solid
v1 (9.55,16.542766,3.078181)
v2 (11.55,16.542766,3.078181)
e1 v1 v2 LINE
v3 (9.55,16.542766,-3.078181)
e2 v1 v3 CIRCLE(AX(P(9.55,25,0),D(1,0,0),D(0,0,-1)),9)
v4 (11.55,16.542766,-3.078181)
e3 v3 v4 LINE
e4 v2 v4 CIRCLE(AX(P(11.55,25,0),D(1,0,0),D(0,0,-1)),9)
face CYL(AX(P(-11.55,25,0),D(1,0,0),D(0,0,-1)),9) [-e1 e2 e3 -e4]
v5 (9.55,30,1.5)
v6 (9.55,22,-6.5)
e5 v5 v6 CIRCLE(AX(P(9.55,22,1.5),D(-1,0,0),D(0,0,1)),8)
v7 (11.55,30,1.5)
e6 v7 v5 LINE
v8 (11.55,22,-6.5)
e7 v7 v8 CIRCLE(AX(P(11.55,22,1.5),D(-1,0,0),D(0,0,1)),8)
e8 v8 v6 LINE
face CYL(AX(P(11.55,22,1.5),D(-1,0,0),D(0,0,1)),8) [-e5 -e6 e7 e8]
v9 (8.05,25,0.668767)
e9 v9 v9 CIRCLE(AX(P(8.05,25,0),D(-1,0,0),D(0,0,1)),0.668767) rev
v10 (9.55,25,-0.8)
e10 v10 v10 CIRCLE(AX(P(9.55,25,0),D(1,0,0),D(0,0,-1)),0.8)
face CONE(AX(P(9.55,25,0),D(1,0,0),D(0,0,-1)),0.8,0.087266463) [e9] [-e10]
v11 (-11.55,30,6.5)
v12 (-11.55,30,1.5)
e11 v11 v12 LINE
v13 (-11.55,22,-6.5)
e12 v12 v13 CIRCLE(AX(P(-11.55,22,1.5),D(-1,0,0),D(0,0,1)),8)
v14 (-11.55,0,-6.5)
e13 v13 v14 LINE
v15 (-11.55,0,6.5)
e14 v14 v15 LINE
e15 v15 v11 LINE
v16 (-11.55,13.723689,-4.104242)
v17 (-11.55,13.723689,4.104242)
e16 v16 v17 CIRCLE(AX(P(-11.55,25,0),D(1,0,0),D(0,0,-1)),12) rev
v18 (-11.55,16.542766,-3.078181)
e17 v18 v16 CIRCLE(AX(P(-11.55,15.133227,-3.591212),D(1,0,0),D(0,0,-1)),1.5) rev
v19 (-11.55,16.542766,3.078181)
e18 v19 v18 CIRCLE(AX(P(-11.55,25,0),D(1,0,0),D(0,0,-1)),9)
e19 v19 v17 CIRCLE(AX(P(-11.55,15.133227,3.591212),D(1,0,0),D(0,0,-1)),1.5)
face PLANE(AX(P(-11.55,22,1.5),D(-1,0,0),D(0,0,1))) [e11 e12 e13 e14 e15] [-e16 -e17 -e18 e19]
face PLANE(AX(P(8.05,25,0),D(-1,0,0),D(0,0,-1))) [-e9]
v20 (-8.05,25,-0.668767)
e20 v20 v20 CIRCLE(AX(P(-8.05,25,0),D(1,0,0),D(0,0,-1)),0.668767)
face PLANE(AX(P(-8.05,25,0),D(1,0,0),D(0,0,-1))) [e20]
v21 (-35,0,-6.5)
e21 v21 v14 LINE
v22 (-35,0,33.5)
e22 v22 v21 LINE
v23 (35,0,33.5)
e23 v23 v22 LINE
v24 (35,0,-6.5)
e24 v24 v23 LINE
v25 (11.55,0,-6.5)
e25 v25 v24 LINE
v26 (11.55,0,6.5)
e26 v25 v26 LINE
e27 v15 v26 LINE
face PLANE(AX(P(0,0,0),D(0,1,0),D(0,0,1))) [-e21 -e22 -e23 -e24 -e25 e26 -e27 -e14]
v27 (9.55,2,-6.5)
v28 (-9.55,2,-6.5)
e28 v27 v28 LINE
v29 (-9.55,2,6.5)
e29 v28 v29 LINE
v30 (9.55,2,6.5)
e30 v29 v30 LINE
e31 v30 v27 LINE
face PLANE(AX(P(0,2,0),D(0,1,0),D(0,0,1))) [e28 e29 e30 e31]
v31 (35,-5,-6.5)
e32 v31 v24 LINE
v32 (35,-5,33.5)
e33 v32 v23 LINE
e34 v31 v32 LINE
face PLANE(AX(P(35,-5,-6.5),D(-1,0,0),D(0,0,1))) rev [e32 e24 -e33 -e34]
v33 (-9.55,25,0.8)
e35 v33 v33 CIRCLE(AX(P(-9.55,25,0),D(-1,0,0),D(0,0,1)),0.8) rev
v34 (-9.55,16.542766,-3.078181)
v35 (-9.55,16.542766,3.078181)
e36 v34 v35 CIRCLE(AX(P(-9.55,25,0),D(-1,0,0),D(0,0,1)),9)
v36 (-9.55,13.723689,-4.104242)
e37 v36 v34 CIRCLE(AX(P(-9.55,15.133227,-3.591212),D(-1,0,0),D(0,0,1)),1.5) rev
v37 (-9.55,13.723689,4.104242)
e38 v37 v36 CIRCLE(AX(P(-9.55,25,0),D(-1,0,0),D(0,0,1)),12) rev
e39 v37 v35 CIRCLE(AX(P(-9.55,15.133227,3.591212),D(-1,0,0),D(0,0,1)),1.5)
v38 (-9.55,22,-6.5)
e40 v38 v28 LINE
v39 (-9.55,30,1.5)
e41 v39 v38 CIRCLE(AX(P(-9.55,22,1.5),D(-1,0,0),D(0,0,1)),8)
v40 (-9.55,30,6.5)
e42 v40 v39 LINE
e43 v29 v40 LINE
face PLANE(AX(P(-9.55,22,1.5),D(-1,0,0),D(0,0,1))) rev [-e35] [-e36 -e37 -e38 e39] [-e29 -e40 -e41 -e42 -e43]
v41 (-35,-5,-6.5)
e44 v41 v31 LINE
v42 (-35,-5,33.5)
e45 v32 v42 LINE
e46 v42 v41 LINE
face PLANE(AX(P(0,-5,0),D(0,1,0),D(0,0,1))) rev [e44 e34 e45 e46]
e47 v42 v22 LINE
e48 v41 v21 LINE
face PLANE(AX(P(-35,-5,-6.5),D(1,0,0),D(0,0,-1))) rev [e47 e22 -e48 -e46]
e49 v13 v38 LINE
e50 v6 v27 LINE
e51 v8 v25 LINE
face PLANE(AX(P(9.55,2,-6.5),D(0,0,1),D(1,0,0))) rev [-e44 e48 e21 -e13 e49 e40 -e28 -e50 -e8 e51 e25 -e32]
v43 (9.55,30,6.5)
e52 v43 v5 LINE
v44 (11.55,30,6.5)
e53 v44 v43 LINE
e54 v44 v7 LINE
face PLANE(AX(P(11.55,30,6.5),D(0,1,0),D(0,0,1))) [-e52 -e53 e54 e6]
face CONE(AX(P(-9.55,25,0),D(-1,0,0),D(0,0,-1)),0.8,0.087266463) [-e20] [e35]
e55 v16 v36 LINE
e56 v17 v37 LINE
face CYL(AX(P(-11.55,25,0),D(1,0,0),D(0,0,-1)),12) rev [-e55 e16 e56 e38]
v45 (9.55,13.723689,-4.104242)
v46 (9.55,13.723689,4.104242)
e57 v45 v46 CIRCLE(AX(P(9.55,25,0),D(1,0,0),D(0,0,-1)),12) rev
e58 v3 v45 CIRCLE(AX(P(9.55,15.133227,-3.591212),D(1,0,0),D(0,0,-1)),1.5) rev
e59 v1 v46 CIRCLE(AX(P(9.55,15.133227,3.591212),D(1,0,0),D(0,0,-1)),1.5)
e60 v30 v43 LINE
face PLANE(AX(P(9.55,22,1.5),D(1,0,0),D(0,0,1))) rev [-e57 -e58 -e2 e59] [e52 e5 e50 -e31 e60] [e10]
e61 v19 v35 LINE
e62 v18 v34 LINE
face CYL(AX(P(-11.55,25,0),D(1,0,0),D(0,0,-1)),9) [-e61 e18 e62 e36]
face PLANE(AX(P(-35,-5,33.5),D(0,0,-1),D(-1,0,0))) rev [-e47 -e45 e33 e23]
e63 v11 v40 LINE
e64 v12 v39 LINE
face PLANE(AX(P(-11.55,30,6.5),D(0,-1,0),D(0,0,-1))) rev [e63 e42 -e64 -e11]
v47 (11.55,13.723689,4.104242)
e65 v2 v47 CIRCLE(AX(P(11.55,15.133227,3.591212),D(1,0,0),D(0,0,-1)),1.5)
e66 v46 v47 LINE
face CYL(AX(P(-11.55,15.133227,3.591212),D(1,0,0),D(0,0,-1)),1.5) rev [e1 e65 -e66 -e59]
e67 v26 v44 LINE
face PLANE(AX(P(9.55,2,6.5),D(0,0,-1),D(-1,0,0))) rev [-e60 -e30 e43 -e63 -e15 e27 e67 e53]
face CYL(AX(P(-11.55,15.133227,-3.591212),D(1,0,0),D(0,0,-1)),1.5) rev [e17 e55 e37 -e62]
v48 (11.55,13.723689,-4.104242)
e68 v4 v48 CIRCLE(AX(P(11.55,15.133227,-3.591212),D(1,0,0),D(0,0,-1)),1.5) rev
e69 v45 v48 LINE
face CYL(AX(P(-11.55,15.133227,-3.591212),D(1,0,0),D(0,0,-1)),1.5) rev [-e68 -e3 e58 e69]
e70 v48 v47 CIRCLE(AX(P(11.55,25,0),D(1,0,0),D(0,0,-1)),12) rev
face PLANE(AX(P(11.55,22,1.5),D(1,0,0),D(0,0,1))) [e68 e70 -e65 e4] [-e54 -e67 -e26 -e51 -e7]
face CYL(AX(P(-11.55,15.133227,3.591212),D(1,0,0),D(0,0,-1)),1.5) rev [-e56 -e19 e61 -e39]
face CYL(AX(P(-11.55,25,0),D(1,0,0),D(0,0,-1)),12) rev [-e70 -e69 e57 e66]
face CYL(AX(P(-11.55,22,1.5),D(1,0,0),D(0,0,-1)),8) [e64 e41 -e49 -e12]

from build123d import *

# Parameters (mm, degrees)
SKETCH2_W               = 19.1
SKETCH2_H               = 13
BOSS_EXTRUDE1_DEPTH     = 2
BOSS_EXTRUDE2_DEPTH     = 2
SKETCH4_R               = 0.8
BOSS_EXTRUDE3_DEPTH     = 1.5
BOSS_EXTRUDE3_TAPER     = 5
CUT_EXTRUDE1_DEPTH      = 38.248624136
CUT_EXTRUDE1_DEPTH_BACK = 38.248624136
SKETCH6_W               = 70
SKETCH6_H               = 40
BOSS_EXTRUDE4_DEPTH     = 5


with BuildPart() as part:
    # Sketch2 → Boss-Extrude1 (new body)
    with BuildSketch(Plane(origin=(0, 0, 0), x_dir=(1, 0, 0), z_dir=(0, 1, 0))):
        Rectangle(SKETCH2_W, SKETCH2_H)
    extrude(amount=BOSS_EXTRUDE1_DEPTH)

    # Sketch3 → Boss-Extrude2 (add)
    with BuildSketch(Plane.ZY.offset(9.55)):
        with BuildLine():
            Line((6.5, 0), (6.5, 30))
            Line((6.5, 30), (1.5, 30))
            ThreePointArc((1.5, 30), (-4.156854249, 27.656854249), (-6.5, 22))
            Line((-6.5, 22), (-6.5, 0))
            Line((-6.5, 0), (6.5, 0))
        make_face()
    boss_extrude2 = extrude(amount=BOSS_EXTRUDE2_DEPTH)

    # Sketch4 → Boss-Extrude3 (add)
    with BuildSketch(Plane(origin=(-9.55, 0, 0), x_dir=(0, 0, -1), z_dir=(1, 0, 0))):
        with Locations((0, 25)):
            Circle(SKETCH4_R)
    boss_extrude3 = extrude(amount=BOSS_EXTRUDE3_DEPTH, taper=BOSS_EXTRUDE3_TAPER)

    # Mirror1: Boss-Extrude2, Boss-Extrude3 across plane
    add(boss_extrude2.mirror(Plane(origin=(0, 0, 0), x_dir=(0, 0, 1), z_dir=(1, 0, 0))))
    add(boss_extrude3.mirror(Plane(origin=(0, 0, 0), x_dir=(0, 0, 1), z_dir=(1, 0, 0))))

    # Sketch5 → Cut-Extrude1 (cut, two sides: drawn at the far end of the back side and taken through both)
    with BuildSketch(Plane(origin=(-9.55, 0, 0), x_dir=(0, 0, -1), z_dir=(1, 0, 0)).offset(-CUT_EXTRUDE1_DEPTH_BACK)):
        with BuildLine():
            ThreePointArc((3.07818129, 16.542766413), (5.000750436, 15.646257697), (4.10424172, 13.723688551))
            ThreePointArc((4.10424172, 13.723688551), (0, 13), (-4.10424172, 13.723688551))
            ThreePointArc((-4.10424172, 13.723688551), (-5.000750436, 15.646257697), (-3.07818129, 16.542766413))
            ThreePointArc((-3.07818129, 16.542766413), (0, 16), (3.07818129, 16.542766413))
        make_face()
    extrude(amount=CUT_EXTRUDE1_DEPTH + CUT_EXTRUDE1_DEPTH_BACK, mode=Mode.SUBTRACT)

    # Sketch6 → Boss-Extrude4 (add)
    with BuildSketch(Plane.XZ):
        with Locations((0, 13.5)):
            Rectangle(SKETCH6_W, SKETCH6_H)
    extrude(amount=BOSS_EXTRUDE4_DEPTH)


solid = part.part
